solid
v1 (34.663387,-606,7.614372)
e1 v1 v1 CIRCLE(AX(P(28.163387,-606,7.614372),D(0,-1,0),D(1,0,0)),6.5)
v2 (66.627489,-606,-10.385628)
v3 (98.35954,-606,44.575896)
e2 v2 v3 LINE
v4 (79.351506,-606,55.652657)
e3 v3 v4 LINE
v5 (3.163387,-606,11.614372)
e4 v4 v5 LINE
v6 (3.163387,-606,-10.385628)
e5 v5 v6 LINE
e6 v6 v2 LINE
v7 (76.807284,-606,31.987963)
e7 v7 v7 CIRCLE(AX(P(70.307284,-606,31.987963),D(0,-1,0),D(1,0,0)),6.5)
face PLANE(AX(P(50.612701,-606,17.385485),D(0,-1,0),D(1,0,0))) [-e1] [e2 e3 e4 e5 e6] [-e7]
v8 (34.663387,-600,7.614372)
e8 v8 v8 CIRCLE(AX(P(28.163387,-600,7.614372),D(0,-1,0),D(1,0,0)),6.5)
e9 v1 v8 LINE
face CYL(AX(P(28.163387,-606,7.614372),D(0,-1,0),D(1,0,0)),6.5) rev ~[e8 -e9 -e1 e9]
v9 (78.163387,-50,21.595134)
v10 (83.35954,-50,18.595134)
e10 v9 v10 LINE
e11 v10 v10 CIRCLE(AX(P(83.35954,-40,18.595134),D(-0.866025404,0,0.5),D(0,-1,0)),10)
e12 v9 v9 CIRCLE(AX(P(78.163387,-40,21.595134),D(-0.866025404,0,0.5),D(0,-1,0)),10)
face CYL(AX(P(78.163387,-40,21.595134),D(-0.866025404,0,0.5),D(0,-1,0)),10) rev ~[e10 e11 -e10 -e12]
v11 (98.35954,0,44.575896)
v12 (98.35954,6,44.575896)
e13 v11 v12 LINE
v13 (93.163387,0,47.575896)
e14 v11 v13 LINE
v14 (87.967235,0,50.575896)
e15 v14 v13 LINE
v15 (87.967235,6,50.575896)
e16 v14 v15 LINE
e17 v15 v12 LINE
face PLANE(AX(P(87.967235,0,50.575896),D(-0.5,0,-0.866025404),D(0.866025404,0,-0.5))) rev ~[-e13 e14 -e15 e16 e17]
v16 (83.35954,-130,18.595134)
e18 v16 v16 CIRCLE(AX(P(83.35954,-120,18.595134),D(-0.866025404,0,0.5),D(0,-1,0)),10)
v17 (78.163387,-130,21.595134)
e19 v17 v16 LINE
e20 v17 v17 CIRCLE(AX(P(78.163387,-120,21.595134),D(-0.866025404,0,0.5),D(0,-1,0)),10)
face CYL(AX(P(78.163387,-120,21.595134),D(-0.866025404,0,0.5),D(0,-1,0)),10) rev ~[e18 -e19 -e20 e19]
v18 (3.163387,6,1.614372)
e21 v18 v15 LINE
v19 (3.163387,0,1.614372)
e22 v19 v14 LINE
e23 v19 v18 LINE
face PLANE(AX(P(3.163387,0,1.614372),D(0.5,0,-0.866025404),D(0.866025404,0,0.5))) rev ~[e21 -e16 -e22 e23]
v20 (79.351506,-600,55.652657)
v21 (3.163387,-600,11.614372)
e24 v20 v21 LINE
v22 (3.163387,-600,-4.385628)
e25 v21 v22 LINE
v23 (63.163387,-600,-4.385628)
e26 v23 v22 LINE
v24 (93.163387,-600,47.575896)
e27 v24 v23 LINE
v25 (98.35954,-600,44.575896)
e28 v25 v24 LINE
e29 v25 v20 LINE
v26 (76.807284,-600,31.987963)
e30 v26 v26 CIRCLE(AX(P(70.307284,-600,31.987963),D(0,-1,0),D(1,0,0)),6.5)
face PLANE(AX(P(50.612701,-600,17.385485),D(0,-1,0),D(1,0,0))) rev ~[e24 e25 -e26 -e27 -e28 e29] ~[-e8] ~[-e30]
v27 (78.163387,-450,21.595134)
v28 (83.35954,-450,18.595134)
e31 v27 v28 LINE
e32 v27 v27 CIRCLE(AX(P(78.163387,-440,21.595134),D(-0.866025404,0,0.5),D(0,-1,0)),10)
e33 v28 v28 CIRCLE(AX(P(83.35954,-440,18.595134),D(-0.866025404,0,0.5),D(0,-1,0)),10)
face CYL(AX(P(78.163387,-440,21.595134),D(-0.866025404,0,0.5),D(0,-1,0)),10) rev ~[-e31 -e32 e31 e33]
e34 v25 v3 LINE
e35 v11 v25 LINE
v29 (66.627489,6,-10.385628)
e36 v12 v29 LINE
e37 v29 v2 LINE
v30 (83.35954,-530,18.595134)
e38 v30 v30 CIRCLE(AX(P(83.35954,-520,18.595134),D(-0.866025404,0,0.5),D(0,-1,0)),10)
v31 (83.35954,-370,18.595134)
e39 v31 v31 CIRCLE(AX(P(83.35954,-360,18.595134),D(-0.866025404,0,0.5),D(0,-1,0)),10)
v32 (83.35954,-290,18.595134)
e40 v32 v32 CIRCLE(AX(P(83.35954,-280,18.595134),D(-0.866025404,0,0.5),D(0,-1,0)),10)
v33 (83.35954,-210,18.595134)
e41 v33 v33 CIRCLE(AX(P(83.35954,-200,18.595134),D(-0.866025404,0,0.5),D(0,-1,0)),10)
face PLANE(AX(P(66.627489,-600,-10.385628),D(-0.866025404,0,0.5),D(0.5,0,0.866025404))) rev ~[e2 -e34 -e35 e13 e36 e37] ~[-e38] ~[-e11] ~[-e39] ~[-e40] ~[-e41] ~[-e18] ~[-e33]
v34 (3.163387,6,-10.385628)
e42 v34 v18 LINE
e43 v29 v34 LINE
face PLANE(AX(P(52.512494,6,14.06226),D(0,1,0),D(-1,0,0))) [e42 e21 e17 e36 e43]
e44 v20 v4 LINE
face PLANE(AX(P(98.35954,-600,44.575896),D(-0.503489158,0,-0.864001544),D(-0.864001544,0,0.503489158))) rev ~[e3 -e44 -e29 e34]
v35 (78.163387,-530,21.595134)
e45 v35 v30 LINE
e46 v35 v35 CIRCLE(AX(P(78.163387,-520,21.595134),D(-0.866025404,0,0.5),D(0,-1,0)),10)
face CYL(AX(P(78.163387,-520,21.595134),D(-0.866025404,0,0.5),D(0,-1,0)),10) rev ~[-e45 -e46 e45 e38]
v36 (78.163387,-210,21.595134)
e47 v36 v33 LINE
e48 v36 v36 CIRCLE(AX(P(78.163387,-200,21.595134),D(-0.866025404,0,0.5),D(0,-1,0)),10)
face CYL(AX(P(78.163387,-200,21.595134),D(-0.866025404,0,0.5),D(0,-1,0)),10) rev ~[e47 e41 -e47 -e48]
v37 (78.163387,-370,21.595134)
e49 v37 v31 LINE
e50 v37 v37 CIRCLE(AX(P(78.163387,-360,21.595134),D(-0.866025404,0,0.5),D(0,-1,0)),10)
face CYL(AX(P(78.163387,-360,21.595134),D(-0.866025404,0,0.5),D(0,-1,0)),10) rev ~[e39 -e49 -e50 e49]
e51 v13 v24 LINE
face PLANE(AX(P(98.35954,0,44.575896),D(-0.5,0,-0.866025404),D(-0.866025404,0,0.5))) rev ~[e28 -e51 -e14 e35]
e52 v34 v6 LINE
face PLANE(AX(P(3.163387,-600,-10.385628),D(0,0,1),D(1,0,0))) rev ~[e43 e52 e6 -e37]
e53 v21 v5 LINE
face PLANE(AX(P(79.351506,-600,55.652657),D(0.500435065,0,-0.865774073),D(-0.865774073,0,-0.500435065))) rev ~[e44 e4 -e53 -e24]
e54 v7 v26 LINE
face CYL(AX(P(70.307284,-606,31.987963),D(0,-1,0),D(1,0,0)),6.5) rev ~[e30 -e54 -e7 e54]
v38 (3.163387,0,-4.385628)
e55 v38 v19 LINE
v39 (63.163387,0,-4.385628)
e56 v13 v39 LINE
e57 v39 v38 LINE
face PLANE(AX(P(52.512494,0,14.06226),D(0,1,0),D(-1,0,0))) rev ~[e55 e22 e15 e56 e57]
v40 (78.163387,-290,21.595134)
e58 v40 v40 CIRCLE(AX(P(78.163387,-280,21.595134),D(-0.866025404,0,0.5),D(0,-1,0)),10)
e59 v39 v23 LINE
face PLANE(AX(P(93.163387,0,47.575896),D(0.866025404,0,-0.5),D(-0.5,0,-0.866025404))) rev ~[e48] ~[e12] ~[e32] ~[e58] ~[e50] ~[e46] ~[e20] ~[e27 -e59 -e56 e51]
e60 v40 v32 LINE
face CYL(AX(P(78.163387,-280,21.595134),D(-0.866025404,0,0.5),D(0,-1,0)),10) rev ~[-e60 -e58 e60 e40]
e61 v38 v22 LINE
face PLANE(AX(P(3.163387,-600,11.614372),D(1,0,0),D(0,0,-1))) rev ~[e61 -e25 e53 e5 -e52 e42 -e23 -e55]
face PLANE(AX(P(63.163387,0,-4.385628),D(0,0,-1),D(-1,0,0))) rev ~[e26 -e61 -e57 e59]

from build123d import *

# Parameters (mm, degrees)
F1_DEPTH = 600
F3_DEPTH = 6
F4_R     = 10
F5_DEPTH = 25
F7_DEPTH = 6
F8_R     = 6.5
F9_DEPTH = 25


with BuildPart() as f1:
    # F0 (on Front) → F1 (new body)
    with BuildSketch(Plane.XZ):
        Polygon((3.1633873769, -4.3856281954), (3.1633873769, -10.3856281954), (66.627488992, -10.3856281954), (98.3595397996, 44.5758960317), (93.1633873769, 47.5758960317), (63.1633873769, -4.3856281954), align=None)
    extrude(amount=F1_DEPTH)

    # F2 (on face) → F3 (join)
    with BuildSketch(Plane(origin=(0, 0, 0), x_dir=(-1, 0, 0), z_dir=(0, 1, 0))):
        Polygon((-3.1633873769, -10.3856281954), (-3.1633873769, 1.6143718046), (-87.9672349541, 50.5758960317), (-98.3595397996, 44.5758960317), (-66.627488992, -10.3856281954), align=None)
    extrude(amount=F3_DEPTH)

    # F4 (on face) → F5 (cut)
    with BuildSketch(Plane(origin=(49.271573247, 0, -28.4469560776), x_dir=(0, -1, 0), z_dir=(-0.8660254038, 0, 0.5))):
        with Locations((40, 57.7836282597)):
            Circle(F4_R)
        with Locations((120, 57.7836282597)):
            Circle(F4_R)
        with Locations((200, 57.7836282597)):
            Circle(F4_R)
        with Locations((360, 57.7836282597)):
            Circle(F4_R)
        with Locations((280, 57.7836282597)):
            Circle(F4_R)
        with Locations((520, 57.7836282597)):
            Circle(F4_R)
        with Locations((440, 57.7836282597)):
            Circle(F4_R)
    extrude(amount=-F5_DEPTH, mode=Mode.SUBTRACT)

    # F6 (on face) → F7 (join)
    with BuildSketch(Plane.XZ.offset(600)):
        Polygon((3.1633873769, 11.6143718046), (3.1633873769, -10.3856281954), (66.627488992, -10.3856281954), (98.3595397996, 44.5758960317), (79.3515058288, 55.6526574973), align=None)
    extrude(amount=F7_DEPTH)

    # F8 (on face) → F9 (cut)
    with BuildSketch(Plane.XZ.offset(606)):
        with Locations((70.307283797, 31.9879633684)):
            Circle(F8_R)
        with Locations((28.1633873769, 7.6143718046)):
            Circle(F8_R)
    extrude(amount=-F9_DEPTH, mode=Mode.SUBTRACT)


solid = f1.part
